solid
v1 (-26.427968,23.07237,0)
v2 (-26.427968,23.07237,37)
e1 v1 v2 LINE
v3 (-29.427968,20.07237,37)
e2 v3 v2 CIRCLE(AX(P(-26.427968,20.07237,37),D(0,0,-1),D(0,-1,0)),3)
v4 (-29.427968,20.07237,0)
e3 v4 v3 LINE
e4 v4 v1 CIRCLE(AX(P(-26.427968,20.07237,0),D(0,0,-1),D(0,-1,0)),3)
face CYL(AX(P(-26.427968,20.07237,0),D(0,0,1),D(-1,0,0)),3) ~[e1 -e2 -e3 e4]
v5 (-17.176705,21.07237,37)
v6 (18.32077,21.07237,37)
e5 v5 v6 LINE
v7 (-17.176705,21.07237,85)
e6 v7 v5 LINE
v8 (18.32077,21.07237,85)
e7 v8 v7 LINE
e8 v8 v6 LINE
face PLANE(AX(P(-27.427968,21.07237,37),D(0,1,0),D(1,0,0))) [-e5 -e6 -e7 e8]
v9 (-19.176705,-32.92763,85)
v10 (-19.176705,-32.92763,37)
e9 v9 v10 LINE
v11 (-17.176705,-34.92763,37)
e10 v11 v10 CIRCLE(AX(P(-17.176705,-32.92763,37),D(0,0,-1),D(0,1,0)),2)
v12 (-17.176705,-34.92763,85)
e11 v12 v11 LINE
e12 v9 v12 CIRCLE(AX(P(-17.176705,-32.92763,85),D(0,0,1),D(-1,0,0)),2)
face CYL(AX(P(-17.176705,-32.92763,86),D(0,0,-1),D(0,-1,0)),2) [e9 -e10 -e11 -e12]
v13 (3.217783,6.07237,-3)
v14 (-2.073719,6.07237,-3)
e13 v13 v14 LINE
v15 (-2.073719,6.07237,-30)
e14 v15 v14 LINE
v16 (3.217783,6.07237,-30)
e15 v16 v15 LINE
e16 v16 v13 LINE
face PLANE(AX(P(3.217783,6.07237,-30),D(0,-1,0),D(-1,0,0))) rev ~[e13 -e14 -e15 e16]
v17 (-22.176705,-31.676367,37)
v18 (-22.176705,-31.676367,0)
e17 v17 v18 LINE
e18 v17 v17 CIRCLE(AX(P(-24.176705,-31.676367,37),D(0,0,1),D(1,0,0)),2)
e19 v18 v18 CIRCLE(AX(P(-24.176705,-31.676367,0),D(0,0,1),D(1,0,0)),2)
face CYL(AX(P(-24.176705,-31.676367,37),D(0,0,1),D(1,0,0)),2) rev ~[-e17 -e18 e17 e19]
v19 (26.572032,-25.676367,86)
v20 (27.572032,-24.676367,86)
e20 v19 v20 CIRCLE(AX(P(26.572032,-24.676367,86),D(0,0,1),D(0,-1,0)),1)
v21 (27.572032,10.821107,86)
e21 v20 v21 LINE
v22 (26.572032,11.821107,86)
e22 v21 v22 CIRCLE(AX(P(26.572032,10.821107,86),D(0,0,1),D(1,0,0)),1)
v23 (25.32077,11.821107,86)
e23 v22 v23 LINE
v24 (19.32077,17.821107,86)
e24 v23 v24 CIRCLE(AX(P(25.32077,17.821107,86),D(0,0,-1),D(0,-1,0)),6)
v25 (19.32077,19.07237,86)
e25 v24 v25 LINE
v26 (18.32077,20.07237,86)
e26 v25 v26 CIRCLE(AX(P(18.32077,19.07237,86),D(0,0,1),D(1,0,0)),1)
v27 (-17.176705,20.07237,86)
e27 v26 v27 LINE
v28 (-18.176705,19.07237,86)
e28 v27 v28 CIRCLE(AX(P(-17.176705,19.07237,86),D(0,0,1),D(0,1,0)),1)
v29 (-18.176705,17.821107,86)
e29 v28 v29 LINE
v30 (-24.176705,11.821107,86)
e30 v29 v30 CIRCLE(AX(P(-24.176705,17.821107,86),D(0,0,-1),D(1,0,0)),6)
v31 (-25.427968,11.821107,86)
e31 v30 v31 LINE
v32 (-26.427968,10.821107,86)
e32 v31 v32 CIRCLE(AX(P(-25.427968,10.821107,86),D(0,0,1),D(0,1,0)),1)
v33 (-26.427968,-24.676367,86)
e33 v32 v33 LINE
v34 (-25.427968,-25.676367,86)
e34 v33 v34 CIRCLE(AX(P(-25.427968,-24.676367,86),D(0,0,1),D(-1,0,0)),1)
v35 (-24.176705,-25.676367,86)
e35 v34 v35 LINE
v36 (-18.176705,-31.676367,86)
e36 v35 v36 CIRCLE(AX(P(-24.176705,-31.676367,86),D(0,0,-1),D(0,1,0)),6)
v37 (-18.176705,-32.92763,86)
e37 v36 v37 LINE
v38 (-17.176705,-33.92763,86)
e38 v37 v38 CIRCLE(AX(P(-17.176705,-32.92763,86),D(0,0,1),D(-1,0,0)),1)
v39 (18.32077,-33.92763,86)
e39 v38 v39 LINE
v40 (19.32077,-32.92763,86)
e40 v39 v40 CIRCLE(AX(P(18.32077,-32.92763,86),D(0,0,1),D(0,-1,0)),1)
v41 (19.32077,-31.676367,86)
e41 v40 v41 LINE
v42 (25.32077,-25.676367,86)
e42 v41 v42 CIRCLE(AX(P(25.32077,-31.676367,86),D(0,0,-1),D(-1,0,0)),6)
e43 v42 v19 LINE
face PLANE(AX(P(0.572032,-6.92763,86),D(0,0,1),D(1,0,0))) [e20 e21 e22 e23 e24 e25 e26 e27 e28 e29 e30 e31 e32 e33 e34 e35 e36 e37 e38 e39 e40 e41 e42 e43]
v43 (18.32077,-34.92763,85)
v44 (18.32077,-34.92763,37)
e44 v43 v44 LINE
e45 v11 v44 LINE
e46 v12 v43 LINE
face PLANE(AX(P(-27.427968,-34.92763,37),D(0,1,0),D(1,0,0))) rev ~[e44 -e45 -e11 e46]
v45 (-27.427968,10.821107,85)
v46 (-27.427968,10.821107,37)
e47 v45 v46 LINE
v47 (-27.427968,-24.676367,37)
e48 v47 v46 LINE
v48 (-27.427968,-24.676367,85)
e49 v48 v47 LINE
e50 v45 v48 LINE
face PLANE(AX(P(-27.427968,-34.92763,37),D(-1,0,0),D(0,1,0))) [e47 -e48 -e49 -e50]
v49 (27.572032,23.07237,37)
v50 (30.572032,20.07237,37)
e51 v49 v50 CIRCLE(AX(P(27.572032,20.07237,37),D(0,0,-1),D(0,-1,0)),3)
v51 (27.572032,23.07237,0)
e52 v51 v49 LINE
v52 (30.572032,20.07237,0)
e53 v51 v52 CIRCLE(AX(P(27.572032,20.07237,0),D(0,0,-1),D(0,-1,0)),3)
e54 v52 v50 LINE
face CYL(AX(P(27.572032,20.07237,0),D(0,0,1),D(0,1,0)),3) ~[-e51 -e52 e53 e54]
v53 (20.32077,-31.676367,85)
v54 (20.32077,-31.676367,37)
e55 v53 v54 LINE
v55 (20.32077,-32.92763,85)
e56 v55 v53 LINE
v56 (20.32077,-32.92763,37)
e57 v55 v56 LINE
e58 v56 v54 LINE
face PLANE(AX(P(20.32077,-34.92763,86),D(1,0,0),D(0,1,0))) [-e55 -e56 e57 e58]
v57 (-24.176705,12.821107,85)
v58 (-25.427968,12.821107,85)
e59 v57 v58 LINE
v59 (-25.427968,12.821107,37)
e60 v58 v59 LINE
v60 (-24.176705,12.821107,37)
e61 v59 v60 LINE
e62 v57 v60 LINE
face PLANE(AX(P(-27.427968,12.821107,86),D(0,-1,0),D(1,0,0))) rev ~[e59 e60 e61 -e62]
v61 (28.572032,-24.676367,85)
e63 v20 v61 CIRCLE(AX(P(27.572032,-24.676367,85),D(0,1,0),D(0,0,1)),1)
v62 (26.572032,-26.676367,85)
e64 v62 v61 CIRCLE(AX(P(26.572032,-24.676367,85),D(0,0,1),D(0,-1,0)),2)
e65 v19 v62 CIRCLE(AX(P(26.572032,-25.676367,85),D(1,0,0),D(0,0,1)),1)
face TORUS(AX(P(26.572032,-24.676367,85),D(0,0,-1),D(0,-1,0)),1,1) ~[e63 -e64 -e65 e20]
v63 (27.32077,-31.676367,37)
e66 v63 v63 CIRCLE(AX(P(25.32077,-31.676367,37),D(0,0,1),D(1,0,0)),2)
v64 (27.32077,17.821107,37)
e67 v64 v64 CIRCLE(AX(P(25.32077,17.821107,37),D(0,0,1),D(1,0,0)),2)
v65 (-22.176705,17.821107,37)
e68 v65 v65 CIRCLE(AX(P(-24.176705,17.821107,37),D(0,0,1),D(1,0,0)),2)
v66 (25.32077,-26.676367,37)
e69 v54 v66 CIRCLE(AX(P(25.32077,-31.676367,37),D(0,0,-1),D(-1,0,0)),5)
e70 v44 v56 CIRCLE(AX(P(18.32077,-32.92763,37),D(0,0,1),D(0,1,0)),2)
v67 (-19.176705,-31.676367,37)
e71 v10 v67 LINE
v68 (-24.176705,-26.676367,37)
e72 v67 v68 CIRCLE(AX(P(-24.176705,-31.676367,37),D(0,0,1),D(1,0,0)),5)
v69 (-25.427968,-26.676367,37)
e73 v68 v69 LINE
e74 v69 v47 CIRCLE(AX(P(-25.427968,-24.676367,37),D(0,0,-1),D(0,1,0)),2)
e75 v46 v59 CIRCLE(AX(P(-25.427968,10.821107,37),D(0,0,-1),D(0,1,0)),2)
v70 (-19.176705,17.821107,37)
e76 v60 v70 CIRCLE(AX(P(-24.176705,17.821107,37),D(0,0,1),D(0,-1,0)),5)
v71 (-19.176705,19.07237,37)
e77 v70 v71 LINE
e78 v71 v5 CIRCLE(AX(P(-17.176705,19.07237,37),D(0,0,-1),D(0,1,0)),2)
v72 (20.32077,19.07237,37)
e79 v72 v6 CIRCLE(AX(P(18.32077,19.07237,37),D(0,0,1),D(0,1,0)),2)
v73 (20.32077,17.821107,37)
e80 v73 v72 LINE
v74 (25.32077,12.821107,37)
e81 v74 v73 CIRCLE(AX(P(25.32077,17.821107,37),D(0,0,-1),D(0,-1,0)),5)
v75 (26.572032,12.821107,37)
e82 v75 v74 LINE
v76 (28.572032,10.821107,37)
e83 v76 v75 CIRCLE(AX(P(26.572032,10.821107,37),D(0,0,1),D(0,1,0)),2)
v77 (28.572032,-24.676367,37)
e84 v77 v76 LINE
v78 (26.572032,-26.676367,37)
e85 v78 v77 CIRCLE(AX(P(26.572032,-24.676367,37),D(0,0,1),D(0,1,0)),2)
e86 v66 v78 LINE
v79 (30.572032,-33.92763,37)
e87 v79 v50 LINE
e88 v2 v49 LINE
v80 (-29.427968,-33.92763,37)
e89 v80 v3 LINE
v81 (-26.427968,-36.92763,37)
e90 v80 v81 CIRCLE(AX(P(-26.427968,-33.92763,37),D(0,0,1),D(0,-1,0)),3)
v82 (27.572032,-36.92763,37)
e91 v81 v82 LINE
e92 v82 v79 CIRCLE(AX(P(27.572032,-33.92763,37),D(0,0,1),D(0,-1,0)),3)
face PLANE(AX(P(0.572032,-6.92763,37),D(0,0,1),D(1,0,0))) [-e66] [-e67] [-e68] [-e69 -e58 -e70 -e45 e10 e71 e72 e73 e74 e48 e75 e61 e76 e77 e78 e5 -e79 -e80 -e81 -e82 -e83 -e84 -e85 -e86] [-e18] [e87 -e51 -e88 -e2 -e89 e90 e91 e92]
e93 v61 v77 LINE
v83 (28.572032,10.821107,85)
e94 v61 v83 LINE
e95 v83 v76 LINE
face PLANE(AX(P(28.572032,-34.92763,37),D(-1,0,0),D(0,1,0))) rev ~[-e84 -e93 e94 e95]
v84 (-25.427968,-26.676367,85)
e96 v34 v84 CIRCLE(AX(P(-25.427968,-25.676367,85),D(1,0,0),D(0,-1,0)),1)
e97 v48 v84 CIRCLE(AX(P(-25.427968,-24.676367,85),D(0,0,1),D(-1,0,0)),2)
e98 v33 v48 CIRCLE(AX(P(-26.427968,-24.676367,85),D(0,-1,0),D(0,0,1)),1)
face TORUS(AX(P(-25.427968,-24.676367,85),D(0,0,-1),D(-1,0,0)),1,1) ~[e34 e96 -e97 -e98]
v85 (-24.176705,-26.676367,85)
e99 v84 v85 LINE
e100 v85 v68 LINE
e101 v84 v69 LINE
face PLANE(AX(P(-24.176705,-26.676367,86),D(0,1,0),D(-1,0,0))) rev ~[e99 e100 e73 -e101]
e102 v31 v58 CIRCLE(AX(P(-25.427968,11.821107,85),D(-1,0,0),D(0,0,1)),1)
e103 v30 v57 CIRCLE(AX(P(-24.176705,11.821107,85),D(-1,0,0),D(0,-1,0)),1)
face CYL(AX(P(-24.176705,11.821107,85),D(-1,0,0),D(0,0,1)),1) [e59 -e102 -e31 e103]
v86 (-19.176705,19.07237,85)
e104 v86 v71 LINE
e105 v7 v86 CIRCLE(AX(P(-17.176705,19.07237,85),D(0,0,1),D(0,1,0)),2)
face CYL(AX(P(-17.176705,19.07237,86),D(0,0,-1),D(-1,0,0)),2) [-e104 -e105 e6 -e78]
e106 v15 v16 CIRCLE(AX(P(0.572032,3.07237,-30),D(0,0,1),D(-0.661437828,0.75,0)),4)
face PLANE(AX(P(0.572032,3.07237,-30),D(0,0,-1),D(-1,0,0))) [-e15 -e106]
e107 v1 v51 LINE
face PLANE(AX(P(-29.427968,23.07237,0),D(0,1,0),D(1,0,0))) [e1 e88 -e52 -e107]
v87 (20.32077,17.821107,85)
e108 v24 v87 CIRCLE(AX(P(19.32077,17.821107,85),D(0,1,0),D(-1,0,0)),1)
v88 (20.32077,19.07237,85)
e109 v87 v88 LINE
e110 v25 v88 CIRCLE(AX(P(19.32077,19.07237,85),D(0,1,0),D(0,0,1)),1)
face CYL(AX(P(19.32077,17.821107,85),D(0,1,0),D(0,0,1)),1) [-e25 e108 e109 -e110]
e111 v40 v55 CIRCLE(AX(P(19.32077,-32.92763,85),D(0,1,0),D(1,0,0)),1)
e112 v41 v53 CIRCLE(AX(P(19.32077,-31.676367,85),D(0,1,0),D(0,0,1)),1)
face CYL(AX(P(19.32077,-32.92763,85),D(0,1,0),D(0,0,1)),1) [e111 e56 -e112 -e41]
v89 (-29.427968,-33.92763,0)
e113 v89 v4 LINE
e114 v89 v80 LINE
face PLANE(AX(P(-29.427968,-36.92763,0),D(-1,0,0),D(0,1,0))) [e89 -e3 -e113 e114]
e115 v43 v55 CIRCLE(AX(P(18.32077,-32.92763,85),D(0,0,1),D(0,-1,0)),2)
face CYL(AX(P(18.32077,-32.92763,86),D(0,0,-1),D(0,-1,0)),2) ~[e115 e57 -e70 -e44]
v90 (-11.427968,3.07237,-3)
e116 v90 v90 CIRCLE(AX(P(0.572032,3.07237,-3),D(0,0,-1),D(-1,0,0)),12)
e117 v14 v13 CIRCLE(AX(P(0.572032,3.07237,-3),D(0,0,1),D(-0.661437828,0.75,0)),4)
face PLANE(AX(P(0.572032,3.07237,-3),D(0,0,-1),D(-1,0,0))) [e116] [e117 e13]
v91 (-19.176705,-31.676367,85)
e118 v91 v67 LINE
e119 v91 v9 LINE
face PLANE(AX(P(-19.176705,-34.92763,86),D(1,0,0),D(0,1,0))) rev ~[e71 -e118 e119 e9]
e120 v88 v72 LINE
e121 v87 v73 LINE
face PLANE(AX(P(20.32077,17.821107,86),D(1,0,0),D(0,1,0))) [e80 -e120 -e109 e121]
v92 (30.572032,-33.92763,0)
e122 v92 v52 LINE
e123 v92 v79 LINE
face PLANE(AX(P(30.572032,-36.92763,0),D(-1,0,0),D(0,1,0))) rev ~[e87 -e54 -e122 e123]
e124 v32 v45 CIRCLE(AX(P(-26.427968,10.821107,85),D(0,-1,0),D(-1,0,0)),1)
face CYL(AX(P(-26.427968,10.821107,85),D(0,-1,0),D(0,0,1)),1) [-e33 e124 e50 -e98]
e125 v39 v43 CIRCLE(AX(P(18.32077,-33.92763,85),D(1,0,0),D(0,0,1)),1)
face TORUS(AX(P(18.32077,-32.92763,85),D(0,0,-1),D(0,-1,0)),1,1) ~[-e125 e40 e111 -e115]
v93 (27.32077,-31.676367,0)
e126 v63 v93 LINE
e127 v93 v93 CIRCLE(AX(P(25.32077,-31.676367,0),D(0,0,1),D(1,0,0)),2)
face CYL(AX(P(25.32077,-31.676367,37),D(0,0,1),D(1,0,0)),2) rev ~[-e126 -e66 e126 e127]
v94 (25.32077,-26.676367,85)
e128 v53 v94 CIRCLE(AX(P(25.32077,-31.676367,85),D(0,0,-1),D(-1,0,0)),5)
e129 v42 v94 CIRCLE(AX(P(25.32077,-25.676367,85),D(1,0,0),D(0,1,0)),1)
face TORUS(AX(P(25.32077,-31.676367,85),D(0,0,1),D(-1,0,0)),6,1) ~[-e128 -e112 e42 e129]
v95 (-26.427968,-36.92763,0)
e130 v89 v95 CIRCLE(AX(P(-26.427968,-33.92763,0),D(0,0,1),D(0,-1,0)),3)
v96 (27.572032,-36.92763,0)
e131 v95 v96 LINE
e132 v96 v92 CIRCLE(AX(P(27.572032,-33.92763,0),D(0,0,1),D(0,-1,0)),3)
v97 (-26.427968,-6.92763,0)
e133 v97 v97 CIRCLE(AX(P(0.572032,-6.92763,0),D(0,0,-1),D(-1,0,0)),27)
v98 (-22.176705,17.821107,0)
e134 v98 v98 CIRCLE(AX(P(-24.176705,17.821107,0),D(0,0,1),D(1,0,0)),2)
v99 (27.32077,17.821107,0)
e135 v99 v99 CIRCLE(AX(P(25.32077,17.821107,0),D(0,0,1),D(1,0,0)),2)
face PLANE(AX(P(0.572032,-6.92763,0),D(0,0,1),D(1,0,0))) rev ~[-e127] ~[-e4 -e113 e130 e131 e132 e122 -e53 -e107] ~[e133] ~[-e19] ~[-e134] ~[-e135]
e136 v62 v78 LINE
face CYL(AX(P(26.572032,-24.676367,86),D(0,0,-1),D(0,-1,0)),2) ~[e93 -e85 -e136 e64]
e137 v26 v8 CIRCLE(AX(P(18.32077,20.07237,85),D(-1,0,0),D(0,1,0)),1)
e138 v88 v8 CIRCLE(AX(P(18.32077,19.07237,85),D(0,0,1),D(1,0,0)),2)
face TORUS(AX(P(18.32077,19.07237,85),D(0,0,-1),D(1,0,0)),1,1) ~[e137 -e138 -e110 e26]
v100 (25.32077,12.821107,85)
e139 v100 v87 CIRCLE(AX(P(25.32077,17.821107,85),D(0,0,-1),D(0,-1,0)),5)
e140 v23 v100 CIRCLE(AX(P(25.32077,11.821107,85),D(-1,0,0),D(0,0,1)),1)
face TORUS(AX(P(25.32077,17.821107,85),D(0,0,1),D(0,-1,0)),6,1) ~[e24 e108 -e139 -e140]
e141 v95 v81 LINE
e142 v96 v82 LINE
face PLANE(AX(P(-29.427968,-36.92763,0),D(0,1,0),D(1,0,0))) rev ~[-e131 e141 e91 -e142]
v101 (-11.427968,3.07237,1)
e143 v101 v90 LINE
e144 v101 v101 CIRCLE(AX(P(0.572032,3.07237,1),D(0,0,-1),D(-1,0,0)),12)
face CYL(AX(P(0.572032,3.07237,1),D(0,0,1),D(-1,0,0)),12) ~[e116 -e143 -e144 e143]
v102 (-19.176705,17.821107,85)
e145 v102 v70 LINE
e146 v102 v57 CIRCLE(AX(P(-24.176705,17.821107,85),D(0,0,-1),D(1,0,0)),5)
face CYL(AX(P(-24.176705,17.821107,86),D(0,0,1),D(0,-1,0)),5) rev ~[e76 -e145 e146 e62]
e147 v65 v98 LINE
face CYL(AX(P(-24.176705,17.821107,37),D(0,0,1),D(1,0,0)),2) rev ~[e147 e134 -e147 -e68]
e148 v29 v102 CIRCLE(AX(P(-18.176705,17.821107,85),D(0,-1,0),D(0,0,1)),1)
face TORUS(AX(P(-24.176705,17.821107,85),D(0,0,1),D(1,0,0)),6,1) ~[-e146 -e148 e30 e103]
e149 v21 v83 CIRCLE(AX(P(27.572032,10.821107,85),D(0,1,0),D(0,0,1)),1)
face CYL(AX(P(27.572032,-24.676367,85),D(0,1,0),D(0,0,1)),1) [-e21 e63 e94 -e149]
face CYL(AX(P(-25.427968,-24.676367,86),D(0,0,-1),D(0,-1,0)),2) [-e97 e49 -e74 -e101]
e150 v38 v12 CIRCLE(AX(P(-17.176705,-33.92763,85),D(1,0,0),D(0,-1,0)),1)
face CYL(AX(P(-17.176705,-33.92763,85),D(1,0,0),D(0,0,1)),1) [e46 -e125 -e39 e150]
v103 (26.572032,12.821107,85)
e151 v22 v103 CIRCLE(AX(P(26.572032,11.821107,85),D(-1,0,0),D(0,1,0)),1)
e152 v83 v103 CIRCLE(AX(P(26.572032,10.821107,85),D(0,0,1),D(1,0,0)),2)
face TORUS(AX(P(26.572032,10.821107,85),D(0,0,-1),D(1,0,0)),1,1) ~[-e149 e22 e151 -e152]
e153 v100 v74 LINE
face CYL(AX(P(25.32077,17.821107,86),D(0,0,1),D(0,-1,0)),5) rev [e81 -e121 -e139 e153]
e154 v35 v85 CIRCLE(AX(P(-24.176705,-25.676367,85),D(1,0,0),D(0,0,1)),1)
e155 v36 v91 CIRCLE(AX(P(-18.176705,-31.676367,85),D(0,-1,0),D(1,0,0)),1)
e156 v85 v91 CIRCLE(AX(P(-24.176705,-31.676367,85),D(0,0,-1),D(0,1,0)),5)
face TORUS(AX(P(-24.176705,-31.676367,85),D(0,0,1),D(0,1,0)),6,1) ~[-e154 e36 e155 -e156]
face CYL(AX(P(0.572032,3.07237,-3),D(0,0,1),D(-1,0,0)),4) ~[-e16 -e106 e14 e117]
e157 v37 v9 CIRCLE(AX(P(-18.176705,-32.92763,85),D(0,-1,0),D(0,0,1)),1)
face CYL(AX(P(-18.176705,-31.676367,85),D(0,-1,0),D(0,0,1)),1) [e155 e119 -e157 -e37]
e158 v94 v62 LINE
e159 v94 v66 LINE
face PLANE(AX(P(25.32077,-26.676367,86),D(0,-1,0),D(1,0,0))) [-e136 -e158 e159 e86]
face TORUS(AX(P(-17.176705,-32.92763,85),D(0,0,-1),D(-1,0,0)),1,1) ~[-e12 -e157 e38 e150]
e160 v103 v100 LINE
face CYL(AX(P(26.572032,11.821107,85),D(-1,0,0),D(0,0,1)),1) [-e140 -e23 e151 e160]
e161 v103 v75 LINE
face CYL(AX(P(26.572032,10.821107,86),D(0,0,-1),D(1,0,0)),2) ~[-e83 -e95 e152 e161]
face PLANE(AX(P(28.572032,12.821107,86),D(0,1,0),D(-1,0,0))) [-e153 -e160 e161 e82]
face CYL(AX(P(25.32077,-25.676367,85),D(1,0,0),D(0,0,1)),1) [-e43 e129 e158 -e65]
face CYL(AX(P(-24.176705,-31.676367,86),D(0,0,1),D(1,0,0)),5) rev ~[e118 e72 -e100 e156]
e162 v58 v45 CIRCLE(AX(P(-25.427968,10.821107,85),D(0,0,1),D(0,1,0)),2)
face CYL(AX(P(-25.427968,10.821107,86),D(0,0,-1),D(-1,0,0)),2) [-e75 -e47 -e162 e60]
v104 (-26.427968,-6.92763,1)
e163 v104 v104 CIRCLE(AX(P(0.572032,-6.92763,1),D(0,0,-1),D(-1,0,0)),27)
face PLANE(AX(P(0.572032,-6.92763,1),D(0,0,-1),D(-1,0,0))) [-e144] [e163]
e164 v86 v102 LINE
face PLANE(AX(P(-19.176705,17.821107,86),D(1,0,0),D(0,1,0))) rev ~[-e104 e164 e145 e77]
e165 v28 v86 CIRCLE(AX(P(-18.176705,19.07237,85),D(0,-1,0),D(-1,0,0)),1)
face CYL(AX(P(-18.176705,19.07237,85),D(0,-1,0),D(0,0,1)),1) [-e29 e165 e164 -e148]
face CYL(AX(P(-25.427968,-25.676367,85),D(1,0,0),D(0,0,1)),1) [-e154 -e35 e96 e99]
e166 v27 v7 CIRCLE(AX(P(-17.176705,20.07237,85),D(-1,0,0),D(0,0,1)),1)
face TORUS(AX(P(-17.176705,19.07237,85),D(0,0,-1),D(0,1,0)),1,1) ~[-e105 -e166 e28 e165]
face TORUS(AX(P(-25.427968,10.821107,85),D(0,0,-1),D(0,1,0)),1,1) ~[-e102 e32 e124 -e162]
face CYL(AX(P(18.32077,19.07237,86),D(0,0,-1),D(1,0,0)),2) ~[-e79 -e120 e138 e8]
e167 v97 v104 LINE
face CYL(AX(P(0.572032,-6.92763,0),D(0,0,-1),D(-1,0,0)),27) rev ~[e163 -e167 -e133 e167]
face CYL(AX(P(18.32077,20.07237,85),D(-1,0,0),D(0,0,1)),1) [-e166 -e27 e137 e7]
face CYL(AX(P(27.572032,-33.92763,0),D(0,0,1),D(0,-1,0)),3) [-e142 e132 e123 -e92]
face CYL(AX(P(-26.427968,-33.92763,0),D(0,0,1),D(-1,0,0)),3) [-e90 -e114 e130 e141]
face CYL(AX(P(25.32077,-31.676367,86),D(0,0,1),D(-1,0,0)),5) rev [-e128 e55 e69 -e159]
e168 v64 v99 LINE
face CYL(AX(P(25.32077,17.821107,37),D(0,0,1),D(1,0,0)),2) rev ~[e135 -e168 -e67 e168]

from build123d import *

# Parameters (mm, degrees)
SKETCH_1_W          = 60
SKETCH_1_H          = 60
EXTRUDE_1_DEPTH     = 37
SKETCH_2_W          = 56
SKETCH_2_H          = 56
EXTRUDE_2_DEPTH     = 49
CUT_EXTRUDE_1_DEPTH = 49
SKETCH_4_R          = 2
CUT_EXTRUDE_2_DEPTH = 49
FILLET_1_R          = 2
SKETCH_5_R          = 27
CUT_EXTRUDE_3_DEPTH = 1
SKETCH_6_R          = 12
EXTRUDE_3_DEPTH     = 4
SKETCH_7_R          = 4
EXTRUDE_4_DEPTH     = 27
SKETCH_8_W          = 5.291502622
SKETCH_8_H          = 3.956308335
CUT_EXTRUDE_4_DEPTH = 27
FILLET_2_R          = 1
FILLET_3_R          = 3


with BuildPart() as part:
    # Эскиз1 → Бобышка-Вытянуть1 (new body)
    with BuildSketch(Plane.XY):
        with Locations((0.572032188, -6.927630122)):
            Rectangle(SKETCH_1_W, SKETCH_1_H)
    extrude(amount=EXTRUDE_1_DEPTH)

    # Эскиз2 → Бобышка-Вытянуть2 (add)
    with BuildSketch(Plane.XY.offset(37)):
        with Locations((0.572032188, -6.927630122)):
            Rectangle(SKETCH_2_W, SKETCH_2_H)
    extrude(amount=EXTRUDE_2_DEPTH)

    # Эскиз3 → Вырез-Вытянуть1 (cut)
    with BuildSketch(Plane.XY.offset(86)):
        with BuildLine():
            Line((-19.176705154, 17.82110722), (-19.176705154, 21.072369878))
            Line((-19.176705154, 21.072369878), (-27.427967812, 21.072369878))
            Line((-27.427967812, 21.072369878), (-27.427967812, 12.82110722))
            Line((-27.427967812, 12.82110722), (-24.176705154, 12.82110722))
            ThreePointArc((-24.176705154, 12.82110722), (-20.641171248, 14.285573314), (-19.176705154, 17.82110722))
        make_face()
        with BuildLine():
            Line((20.32076953, 17.82110722), (20.32076953, 21.072369878))
            Line((20.32076953, 21.072369878), (28.572032188, 21.072369878))
            Line((28.572032188, 21.072369878), (28.572032188, 12.82110722))
            Line((28.572032188, 12.82110722), (25.32076953, 12.82110722))
            ThreePointArc((25.32076953, 12.82110722), (21.785235624, 14.285573314), (20.32076953, 17.82110722))
        make_face()
        with BuildLine():
            Line((-24.176705154, -26.676367463), (-27.427967812, -26.676367463))
            Line((-27.427967812, -26.676367463), (-27.427967812, -34.927630122))
            Line((-27.427967812, -34.927630122), (-19.176705154, -34.927630122))
            Line((-19.176705154, -34.927630122), (-19.176705154, -31.676367463))
            ThreePointArc((-19.176705154, -31.676367463), (-20.641171248, -28.140833557), (-24.176705154, -26.676367463))
        make_face()
        with BuildLine():
            Line((25.32076953, -26.676367463), (28.572032188, -26.676367463))
            Line((28.572032188, -26.676367463), (28.572032188, -34.927630122))
            Line((28.572032188, -34.927630122), (20.32076953, -34.927630122))
            Line((20.32076953, -34.927630122), (20.32076953, -31.676367463))
            ThreePointArc((20.32076953, -31.676367463), (21.785235624, -28.140833557), (25.32076953, -26.676367463))
        make_face()
    extrude(amount=-CUT_EXTRUDE_1_DEPTH, mode=Mode.SUBTRACT)

    # Эскиз4 → Вырез-Вытянуть2 (cut)
    with BuildSketch(Plane.XY.offset(37)):
        with Locations((-24.176705154, 17.82110722)):
            Circle(SKETCH_4_R)
        with Locations((25.32076953, 17.82110722)):
            Circle(SKETCH_4_R)
        with Locations((-24.176705154, -31.676367463)):
            Circle(SKETCH_4_R)
        with Locations((25.32076953, -31.676367463)):
            Circle(SKETCH_4_R)
    extrude(amount=-CUT_EXTRUDE_2_DEPTH, mode=Mode.SUBTRACT)

    # Скругление1
    fillet_1_edges = [part.edges().sort_by_distance(p)[0] for p in [
        (-19.176705154, 21.072369878, 61.5),
        (-27.427967812, 12.82110722, 61.5),
        (28.572032188, 12.82110722, 61.5),
        (20.32076953, 21.072369878, 61.5),
        (-19.176705154, -34.927630122, 61.5),
        (-27.427967812, -26.676367463, 61.5),
        (28.572032188, -26.676367463, 61.5),
        (20.32076953, -34.927630122, 61.5),
    ]]
    fillet(fillet_1_edges, radius=FILLET_1_R)

    # Эскиз5 → Вырез-Вытянуть3 (cut)
    with BuildSketch(Plane(origin=(0, 0, 0), x_dir=(-1, 0, 0), z_dir=(0, 0, -1))):
        with Locations((-0.572032188, -6.927630122)):
            Circle(SKETCH_5_R)
    extrude(amount=-CUT_EXTRUDE_3_DEPTH, mode=Mode.SUBTRACT)

    # Эскиз6 → Бобышка-Вытянуть3 (add)
    with BuildSketch(Plane(origin=(0, 0, 1), x_dir=(-1, 0, 0), z_dir=(0, 0, -1))):
        with Locations((-0.572032188, 3.072369878)):
            Circle(SKETCH_6_R)
    extrude(amount=EXTRUDE_3_DEPTH)

    # Эскиз7 → Бобышка-Вытянуть4 (add)
    with BuildSketch(Plane(origin=(0, 0, -3), x_dir=(-1, 0, 0), z_dir=(0, 0, -1))):
        with Locations((-0.572032188, 3.072369878)):
            Circle(SKETCH_7_R)
    extrude(amount=EXTRUDE_4_DEPTH)

    # Эскиз8 → Вырез-Вытянуть4 (cut)
    with BuildSketch(Plane(origin=(0, 0, -30), x_dir=(-1, 0, 0), z_dir=(0, 0, -1))):
        with Locations((-0.572032188, 8.050524046)):
            Rectangle(SKETCH_8_W, SKETCH_8_H)
    extrude(amount=-CUT_EXTRUDE_4_DEPTH, mode=Mode.SUBTRACT)

    # Скругление2
    fillet_2_edges = [part.edges().sort_by_distance(p)[0] for p in [
        (28.572032188, -6.927630122, 86),
        (25.946400859, -26.676367463, 86),
        (20.32076953, 18.446738549, 86),
        (0.572032188, 21.072369878, 86),
        (-24.802336483, 12.82110722, 86),
        (-27.427967812, -6.927630122, 86),
        (-19.176705154, -32.301998793, 86),
        (0.572032188, -34.927630122, 86),
        (-26.842181374, 12.235320782, 86),
        (-18.590918716, 20.486583441, 86),
        (-26.842181374, -26.090581026, 86),
        (-18.590918716, -34.341843684, 86),
        (19.734983092, -34.341843684, 86),
        (27.98624575, -26.090581026, 86),
        (19.734983092, 20.486583441, 86),
        (27.98624575, 12.235320782, 86),
        (-20.641171248, 14.285573314, 86),
        (-19.176705154, 18.446738549, 86),
        (21.785235624, 14.285573314, 86),
        (25.946400859, 12.82110722, 86),
        (-20.641171248, -28.140833557, 86),
        (-24.802336483, -26.676367463, 86),
        (21.785235624, -28.140833557, 86),
        (20.32076953, -32.301998793, 86),
    ]]
    fillet(fillet_2_edges, radius=FILLET_2_R)

    # Скругление3
    fillet_3_edges = [part.edges().sort_by_distance(p)[0] for p in [
        (-29.427967812, 23.072369878, 18.5),
        (30.572032188, 23.072369878, 18.5),
        (30.572032188, -36.927630122, 18.5),
        (-29.427967812, -36.927630122, 18.5),
    ]]
    fillet(fillet_3_edges, radius=FILLET_3_R)


solid = part.part
